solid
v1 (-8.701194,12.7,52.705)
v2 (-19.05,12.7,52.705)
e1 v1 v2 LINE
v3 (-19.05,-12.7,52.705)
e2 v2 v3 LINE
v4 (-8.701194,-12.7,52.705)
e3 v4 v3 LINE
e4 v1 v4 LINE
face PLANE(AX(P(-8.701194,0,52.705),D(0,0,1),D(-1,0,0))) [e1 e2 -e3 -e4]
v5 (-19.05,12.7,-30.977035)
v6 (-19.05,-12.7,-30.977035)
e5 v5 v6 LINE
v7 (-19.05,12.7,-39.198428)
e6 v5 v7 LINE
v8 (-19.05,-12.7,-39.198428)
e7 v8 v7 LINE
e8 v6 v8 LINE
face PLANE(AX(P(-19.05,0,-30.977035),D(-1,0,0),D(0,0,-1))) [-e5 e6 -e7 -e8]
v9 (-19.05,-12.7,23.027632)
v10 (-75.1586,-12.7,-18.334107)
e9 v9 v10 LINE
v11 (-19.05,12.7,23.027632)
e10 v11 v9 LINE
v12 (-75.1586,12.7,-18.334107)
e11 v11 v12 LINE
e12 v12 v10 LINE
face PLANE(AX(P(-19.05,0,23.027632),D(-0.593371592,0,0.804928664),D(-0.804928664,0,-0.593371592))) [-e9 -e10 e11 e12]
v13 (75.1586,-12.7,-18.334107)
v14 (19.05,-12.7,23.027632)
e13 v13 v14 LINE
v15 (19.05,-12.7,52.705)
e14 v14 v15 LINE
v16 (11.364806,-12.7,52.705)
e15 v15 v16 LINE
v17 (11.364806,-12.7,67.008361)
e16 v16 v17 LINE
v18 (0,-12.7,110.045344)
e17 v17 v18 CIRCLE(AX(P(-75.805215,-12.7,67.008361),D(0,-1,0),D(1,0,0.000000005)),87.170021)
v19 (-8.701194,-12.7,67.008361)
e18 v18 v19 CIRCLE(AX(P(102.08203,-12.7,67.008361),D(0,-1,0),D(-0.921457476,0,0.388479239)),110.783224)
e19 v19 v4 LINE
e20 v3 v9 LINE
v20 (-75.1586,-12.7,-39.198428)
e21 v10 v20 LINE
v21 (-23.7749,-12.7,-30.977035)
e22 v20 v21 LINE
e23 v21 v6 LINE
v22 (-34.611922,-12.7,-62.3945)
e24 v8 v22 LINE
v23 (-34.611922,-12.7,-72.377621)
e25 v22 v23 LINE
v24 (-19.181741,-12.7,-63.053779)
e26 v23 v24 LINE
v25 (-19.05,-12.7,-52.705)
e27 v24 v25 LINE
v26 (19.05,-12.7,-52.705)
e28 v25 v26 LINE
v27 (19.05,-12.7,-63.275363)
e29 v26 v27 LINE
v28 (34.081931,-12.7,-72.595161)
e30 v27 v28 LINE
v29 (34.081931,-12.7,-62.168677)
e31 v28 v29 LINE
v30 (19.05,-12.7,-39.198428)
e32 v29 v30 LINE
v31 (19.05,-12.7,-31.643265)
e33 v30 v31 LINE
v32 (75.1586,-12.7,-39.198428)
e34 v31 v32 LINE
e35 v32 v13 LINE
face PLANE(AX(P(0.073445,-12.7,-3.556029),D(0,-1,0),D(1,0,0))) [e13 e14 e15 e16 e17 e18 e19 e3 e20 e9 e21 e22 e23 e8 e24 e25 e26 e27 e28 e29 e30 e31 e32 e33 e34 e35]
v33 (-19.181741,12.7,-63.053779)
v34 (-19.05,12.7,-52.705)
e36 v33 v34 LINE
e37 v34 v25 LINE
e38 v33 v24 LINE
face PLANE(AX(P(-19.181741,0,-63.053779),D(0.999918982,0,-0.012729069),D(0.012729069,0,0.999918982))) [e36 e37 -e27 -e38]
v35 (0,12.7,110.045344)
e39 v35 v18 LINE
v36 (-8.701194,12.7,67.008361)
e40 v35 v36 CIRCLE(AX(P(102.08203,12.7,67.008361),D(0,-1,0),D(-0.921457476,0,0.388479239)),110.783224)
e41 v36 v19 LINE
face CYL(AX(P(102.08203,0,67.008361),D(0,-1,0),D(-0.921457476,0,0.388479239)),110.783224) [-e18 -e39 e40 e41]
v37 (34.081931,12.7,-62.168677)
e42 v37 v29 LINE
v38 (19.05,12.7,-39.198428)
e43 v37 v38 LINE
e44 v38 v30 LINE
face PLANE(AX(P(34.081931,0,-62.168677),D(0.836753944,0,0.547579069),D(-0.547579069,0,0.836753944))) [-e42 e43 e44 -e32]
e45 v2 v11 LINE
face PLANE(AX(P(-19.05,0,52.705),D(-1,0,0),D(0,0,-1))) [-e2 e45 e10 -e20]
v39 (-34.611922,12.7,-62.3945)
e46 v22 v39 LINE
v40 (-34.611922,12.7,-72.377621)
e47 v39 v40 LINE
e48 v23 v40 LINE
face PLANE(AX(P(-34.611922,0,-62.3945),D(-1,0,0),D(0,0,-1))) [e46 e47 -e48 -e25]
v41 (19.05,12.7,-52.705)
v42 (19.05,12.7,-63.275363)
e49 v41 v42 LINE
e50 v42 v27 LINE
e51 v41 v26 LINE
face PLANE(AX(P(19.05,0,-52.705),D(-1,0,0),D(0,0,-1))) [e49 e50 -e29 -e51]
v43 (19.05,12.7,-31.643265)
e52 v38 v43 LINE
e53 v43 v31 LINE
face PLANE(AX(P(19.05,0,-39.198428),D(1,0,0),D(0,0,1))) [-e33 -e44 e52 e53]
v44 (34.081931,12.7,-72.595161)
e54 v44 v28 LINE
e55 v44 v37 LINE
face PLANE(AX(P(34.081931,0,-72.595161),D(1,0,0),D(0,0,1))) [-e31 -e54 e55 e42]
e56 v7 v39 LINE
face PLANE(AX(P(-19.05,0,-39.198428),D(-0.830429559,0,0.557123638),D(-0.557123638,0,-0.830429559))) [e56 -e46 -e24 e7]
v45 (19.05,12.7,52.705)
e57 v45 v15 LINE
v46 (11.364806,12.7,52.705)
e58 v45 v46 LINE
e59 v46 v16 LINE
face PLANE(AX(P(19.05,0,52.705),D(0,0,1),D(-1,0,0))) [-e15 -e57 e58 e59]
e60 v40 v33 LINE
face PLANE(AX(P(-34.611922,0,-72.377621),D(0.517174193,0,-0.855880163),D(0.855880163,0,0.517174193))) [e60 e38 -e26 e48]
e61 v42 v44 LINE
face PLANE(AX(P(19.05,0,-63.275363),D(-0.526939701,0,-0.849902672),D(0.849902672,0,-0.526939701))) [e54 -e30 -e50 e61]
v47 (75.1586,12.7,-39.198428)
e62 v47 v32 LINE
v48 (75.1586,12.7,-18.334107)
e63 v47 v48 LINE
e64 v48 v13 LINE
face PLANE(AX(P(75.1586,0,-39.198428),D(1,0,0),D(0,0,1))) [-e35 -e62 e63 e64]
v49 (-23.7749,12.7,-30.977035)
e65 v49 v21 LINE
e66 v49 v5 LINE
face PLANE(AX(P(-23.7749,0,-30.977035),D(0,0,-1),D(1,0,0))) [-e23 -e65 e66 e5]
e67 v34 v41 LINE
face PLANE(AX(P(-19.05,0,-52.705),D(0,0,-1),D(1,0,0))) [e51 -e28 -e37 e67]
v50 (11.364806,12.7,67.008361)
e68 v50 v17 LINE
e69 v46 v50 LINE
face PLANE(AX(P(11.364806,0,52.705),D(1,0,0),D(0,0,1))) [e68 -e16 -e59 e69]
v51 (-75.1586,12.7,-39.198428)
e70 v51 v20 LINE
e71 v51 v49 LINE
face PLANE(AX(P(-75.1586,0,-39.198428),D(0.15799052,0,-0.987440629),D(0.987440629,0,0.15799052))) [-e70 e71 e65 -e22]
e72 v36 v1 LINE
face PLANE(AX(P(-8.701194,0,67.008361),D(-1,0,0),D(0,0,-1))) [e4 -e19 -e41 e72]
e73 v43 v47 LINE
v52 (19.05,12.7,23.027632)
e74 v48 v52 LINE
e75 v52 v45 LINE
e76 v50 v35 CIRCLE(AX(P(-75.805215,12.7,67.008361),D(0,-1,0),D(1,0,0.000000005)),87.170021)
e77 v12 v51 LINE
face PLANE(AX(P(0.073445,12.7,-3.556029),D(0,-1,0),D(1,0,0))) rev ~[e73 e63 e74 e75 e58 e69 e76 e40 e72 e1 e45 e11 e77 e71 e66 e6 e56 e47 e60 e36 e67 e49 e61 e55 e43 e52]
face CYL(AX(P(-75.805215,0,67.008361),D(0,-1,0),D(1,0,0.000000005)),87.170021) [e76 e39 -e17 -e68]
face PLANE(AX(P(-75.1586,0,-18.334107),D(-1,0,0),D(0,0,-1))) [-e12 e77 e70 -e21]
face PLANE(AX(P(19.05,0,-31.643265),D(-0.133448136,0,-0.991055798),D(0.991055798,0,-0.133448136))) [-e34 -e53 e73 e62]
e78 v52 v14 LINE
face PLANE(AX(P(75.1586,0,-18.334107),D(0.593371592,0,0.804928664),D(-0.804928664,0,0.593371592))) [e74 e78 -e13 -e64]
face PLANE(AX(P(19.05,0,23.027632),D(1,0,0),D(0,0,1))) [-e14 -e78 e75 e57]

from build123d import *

# Parameters (mm, degrees)
F1_DEPTH = 12.7


with BuildPart() as f1:
    # F0 (on Front) → F1 (new body, symmetric)
    with BuildSketch(Plane.XZ):
        with BuildLine():
            Line((-19.05, -52.705), (19.05, -52.705))
            Line((19.05, -52.705), (19.05, -63.275363))
            Line((19.05, -63.275363), (34.081931, -72.595161))
            Line((34.081931, -72.595161), (34.081931, -62.168677))
            Line((34.081931, -62.168677), (19.05, -39.198428))
            Line((19.05, -39.198428), (19.05, -31.643265))
            Line((19.05, -31.643265), (75.1586, -39.198428))
            Line((75.1586, -39.198428), (75.1586, -18.334107))
            Line((75.1586, -18.334107), (19.05, 23.027632))
            Line((19.05, 23.027632), (19.05, 52.705))
            Line((19.05, 52.705), (11.364806, 52.705))
            Line((11.364806, 52.705), (11.364806, 67.008361))
            ThreePointArc((11.364806, 67.008361), (8.475728, 89.264488), (0, 110.045344))
            ThreePointArc((0, 110.045344), (-6.504109, 88.962248), (-8.701194, 67.008361))
            Line((-8.701194, 67.008361), (-8.701194, 52.705))
            Line((-8.701194, 52.705), (-19.05, 52.705))
            Line((-19.05, 52.705), (-19.05, 23.027632))
            Line((-19.05, 23.027632), (-75.1586, -18.334107))
            Line((-75.1586, -18.334107), (-75.1586, -39.198428))
            Line((-75.1586, -39.198428), (-23.7749, -30.977035))
            Line((-23.7749, -30.977035), (-19.05, -30.977035))
            Line((-19.05, -30.977035), (-19.05, -39.198428))
            Line((-19.05, -39.198428), (-34.611922, -62.3945))
            Line((-34.611922, -62.3945), (-34.611922, -72.377621))
            Line((-34.611922, -72.377621), (-19.181741, -63.053779))
            Line((-19.181741, -63.053779), (-19.05, -52.705))
        make_face()
        Polygon((19.05, -30.977035), (19.05, -31.643265), (14.102228, -30.977035), align=None, mode=Mode.SUBTRACT)
        Polygon((14.102228, -30.977035), (19.05, -31.643265), (19.05, -30.977035), align=None)
    extrude(amount=F1_DEPTH, both=True)


solid = f1.part
